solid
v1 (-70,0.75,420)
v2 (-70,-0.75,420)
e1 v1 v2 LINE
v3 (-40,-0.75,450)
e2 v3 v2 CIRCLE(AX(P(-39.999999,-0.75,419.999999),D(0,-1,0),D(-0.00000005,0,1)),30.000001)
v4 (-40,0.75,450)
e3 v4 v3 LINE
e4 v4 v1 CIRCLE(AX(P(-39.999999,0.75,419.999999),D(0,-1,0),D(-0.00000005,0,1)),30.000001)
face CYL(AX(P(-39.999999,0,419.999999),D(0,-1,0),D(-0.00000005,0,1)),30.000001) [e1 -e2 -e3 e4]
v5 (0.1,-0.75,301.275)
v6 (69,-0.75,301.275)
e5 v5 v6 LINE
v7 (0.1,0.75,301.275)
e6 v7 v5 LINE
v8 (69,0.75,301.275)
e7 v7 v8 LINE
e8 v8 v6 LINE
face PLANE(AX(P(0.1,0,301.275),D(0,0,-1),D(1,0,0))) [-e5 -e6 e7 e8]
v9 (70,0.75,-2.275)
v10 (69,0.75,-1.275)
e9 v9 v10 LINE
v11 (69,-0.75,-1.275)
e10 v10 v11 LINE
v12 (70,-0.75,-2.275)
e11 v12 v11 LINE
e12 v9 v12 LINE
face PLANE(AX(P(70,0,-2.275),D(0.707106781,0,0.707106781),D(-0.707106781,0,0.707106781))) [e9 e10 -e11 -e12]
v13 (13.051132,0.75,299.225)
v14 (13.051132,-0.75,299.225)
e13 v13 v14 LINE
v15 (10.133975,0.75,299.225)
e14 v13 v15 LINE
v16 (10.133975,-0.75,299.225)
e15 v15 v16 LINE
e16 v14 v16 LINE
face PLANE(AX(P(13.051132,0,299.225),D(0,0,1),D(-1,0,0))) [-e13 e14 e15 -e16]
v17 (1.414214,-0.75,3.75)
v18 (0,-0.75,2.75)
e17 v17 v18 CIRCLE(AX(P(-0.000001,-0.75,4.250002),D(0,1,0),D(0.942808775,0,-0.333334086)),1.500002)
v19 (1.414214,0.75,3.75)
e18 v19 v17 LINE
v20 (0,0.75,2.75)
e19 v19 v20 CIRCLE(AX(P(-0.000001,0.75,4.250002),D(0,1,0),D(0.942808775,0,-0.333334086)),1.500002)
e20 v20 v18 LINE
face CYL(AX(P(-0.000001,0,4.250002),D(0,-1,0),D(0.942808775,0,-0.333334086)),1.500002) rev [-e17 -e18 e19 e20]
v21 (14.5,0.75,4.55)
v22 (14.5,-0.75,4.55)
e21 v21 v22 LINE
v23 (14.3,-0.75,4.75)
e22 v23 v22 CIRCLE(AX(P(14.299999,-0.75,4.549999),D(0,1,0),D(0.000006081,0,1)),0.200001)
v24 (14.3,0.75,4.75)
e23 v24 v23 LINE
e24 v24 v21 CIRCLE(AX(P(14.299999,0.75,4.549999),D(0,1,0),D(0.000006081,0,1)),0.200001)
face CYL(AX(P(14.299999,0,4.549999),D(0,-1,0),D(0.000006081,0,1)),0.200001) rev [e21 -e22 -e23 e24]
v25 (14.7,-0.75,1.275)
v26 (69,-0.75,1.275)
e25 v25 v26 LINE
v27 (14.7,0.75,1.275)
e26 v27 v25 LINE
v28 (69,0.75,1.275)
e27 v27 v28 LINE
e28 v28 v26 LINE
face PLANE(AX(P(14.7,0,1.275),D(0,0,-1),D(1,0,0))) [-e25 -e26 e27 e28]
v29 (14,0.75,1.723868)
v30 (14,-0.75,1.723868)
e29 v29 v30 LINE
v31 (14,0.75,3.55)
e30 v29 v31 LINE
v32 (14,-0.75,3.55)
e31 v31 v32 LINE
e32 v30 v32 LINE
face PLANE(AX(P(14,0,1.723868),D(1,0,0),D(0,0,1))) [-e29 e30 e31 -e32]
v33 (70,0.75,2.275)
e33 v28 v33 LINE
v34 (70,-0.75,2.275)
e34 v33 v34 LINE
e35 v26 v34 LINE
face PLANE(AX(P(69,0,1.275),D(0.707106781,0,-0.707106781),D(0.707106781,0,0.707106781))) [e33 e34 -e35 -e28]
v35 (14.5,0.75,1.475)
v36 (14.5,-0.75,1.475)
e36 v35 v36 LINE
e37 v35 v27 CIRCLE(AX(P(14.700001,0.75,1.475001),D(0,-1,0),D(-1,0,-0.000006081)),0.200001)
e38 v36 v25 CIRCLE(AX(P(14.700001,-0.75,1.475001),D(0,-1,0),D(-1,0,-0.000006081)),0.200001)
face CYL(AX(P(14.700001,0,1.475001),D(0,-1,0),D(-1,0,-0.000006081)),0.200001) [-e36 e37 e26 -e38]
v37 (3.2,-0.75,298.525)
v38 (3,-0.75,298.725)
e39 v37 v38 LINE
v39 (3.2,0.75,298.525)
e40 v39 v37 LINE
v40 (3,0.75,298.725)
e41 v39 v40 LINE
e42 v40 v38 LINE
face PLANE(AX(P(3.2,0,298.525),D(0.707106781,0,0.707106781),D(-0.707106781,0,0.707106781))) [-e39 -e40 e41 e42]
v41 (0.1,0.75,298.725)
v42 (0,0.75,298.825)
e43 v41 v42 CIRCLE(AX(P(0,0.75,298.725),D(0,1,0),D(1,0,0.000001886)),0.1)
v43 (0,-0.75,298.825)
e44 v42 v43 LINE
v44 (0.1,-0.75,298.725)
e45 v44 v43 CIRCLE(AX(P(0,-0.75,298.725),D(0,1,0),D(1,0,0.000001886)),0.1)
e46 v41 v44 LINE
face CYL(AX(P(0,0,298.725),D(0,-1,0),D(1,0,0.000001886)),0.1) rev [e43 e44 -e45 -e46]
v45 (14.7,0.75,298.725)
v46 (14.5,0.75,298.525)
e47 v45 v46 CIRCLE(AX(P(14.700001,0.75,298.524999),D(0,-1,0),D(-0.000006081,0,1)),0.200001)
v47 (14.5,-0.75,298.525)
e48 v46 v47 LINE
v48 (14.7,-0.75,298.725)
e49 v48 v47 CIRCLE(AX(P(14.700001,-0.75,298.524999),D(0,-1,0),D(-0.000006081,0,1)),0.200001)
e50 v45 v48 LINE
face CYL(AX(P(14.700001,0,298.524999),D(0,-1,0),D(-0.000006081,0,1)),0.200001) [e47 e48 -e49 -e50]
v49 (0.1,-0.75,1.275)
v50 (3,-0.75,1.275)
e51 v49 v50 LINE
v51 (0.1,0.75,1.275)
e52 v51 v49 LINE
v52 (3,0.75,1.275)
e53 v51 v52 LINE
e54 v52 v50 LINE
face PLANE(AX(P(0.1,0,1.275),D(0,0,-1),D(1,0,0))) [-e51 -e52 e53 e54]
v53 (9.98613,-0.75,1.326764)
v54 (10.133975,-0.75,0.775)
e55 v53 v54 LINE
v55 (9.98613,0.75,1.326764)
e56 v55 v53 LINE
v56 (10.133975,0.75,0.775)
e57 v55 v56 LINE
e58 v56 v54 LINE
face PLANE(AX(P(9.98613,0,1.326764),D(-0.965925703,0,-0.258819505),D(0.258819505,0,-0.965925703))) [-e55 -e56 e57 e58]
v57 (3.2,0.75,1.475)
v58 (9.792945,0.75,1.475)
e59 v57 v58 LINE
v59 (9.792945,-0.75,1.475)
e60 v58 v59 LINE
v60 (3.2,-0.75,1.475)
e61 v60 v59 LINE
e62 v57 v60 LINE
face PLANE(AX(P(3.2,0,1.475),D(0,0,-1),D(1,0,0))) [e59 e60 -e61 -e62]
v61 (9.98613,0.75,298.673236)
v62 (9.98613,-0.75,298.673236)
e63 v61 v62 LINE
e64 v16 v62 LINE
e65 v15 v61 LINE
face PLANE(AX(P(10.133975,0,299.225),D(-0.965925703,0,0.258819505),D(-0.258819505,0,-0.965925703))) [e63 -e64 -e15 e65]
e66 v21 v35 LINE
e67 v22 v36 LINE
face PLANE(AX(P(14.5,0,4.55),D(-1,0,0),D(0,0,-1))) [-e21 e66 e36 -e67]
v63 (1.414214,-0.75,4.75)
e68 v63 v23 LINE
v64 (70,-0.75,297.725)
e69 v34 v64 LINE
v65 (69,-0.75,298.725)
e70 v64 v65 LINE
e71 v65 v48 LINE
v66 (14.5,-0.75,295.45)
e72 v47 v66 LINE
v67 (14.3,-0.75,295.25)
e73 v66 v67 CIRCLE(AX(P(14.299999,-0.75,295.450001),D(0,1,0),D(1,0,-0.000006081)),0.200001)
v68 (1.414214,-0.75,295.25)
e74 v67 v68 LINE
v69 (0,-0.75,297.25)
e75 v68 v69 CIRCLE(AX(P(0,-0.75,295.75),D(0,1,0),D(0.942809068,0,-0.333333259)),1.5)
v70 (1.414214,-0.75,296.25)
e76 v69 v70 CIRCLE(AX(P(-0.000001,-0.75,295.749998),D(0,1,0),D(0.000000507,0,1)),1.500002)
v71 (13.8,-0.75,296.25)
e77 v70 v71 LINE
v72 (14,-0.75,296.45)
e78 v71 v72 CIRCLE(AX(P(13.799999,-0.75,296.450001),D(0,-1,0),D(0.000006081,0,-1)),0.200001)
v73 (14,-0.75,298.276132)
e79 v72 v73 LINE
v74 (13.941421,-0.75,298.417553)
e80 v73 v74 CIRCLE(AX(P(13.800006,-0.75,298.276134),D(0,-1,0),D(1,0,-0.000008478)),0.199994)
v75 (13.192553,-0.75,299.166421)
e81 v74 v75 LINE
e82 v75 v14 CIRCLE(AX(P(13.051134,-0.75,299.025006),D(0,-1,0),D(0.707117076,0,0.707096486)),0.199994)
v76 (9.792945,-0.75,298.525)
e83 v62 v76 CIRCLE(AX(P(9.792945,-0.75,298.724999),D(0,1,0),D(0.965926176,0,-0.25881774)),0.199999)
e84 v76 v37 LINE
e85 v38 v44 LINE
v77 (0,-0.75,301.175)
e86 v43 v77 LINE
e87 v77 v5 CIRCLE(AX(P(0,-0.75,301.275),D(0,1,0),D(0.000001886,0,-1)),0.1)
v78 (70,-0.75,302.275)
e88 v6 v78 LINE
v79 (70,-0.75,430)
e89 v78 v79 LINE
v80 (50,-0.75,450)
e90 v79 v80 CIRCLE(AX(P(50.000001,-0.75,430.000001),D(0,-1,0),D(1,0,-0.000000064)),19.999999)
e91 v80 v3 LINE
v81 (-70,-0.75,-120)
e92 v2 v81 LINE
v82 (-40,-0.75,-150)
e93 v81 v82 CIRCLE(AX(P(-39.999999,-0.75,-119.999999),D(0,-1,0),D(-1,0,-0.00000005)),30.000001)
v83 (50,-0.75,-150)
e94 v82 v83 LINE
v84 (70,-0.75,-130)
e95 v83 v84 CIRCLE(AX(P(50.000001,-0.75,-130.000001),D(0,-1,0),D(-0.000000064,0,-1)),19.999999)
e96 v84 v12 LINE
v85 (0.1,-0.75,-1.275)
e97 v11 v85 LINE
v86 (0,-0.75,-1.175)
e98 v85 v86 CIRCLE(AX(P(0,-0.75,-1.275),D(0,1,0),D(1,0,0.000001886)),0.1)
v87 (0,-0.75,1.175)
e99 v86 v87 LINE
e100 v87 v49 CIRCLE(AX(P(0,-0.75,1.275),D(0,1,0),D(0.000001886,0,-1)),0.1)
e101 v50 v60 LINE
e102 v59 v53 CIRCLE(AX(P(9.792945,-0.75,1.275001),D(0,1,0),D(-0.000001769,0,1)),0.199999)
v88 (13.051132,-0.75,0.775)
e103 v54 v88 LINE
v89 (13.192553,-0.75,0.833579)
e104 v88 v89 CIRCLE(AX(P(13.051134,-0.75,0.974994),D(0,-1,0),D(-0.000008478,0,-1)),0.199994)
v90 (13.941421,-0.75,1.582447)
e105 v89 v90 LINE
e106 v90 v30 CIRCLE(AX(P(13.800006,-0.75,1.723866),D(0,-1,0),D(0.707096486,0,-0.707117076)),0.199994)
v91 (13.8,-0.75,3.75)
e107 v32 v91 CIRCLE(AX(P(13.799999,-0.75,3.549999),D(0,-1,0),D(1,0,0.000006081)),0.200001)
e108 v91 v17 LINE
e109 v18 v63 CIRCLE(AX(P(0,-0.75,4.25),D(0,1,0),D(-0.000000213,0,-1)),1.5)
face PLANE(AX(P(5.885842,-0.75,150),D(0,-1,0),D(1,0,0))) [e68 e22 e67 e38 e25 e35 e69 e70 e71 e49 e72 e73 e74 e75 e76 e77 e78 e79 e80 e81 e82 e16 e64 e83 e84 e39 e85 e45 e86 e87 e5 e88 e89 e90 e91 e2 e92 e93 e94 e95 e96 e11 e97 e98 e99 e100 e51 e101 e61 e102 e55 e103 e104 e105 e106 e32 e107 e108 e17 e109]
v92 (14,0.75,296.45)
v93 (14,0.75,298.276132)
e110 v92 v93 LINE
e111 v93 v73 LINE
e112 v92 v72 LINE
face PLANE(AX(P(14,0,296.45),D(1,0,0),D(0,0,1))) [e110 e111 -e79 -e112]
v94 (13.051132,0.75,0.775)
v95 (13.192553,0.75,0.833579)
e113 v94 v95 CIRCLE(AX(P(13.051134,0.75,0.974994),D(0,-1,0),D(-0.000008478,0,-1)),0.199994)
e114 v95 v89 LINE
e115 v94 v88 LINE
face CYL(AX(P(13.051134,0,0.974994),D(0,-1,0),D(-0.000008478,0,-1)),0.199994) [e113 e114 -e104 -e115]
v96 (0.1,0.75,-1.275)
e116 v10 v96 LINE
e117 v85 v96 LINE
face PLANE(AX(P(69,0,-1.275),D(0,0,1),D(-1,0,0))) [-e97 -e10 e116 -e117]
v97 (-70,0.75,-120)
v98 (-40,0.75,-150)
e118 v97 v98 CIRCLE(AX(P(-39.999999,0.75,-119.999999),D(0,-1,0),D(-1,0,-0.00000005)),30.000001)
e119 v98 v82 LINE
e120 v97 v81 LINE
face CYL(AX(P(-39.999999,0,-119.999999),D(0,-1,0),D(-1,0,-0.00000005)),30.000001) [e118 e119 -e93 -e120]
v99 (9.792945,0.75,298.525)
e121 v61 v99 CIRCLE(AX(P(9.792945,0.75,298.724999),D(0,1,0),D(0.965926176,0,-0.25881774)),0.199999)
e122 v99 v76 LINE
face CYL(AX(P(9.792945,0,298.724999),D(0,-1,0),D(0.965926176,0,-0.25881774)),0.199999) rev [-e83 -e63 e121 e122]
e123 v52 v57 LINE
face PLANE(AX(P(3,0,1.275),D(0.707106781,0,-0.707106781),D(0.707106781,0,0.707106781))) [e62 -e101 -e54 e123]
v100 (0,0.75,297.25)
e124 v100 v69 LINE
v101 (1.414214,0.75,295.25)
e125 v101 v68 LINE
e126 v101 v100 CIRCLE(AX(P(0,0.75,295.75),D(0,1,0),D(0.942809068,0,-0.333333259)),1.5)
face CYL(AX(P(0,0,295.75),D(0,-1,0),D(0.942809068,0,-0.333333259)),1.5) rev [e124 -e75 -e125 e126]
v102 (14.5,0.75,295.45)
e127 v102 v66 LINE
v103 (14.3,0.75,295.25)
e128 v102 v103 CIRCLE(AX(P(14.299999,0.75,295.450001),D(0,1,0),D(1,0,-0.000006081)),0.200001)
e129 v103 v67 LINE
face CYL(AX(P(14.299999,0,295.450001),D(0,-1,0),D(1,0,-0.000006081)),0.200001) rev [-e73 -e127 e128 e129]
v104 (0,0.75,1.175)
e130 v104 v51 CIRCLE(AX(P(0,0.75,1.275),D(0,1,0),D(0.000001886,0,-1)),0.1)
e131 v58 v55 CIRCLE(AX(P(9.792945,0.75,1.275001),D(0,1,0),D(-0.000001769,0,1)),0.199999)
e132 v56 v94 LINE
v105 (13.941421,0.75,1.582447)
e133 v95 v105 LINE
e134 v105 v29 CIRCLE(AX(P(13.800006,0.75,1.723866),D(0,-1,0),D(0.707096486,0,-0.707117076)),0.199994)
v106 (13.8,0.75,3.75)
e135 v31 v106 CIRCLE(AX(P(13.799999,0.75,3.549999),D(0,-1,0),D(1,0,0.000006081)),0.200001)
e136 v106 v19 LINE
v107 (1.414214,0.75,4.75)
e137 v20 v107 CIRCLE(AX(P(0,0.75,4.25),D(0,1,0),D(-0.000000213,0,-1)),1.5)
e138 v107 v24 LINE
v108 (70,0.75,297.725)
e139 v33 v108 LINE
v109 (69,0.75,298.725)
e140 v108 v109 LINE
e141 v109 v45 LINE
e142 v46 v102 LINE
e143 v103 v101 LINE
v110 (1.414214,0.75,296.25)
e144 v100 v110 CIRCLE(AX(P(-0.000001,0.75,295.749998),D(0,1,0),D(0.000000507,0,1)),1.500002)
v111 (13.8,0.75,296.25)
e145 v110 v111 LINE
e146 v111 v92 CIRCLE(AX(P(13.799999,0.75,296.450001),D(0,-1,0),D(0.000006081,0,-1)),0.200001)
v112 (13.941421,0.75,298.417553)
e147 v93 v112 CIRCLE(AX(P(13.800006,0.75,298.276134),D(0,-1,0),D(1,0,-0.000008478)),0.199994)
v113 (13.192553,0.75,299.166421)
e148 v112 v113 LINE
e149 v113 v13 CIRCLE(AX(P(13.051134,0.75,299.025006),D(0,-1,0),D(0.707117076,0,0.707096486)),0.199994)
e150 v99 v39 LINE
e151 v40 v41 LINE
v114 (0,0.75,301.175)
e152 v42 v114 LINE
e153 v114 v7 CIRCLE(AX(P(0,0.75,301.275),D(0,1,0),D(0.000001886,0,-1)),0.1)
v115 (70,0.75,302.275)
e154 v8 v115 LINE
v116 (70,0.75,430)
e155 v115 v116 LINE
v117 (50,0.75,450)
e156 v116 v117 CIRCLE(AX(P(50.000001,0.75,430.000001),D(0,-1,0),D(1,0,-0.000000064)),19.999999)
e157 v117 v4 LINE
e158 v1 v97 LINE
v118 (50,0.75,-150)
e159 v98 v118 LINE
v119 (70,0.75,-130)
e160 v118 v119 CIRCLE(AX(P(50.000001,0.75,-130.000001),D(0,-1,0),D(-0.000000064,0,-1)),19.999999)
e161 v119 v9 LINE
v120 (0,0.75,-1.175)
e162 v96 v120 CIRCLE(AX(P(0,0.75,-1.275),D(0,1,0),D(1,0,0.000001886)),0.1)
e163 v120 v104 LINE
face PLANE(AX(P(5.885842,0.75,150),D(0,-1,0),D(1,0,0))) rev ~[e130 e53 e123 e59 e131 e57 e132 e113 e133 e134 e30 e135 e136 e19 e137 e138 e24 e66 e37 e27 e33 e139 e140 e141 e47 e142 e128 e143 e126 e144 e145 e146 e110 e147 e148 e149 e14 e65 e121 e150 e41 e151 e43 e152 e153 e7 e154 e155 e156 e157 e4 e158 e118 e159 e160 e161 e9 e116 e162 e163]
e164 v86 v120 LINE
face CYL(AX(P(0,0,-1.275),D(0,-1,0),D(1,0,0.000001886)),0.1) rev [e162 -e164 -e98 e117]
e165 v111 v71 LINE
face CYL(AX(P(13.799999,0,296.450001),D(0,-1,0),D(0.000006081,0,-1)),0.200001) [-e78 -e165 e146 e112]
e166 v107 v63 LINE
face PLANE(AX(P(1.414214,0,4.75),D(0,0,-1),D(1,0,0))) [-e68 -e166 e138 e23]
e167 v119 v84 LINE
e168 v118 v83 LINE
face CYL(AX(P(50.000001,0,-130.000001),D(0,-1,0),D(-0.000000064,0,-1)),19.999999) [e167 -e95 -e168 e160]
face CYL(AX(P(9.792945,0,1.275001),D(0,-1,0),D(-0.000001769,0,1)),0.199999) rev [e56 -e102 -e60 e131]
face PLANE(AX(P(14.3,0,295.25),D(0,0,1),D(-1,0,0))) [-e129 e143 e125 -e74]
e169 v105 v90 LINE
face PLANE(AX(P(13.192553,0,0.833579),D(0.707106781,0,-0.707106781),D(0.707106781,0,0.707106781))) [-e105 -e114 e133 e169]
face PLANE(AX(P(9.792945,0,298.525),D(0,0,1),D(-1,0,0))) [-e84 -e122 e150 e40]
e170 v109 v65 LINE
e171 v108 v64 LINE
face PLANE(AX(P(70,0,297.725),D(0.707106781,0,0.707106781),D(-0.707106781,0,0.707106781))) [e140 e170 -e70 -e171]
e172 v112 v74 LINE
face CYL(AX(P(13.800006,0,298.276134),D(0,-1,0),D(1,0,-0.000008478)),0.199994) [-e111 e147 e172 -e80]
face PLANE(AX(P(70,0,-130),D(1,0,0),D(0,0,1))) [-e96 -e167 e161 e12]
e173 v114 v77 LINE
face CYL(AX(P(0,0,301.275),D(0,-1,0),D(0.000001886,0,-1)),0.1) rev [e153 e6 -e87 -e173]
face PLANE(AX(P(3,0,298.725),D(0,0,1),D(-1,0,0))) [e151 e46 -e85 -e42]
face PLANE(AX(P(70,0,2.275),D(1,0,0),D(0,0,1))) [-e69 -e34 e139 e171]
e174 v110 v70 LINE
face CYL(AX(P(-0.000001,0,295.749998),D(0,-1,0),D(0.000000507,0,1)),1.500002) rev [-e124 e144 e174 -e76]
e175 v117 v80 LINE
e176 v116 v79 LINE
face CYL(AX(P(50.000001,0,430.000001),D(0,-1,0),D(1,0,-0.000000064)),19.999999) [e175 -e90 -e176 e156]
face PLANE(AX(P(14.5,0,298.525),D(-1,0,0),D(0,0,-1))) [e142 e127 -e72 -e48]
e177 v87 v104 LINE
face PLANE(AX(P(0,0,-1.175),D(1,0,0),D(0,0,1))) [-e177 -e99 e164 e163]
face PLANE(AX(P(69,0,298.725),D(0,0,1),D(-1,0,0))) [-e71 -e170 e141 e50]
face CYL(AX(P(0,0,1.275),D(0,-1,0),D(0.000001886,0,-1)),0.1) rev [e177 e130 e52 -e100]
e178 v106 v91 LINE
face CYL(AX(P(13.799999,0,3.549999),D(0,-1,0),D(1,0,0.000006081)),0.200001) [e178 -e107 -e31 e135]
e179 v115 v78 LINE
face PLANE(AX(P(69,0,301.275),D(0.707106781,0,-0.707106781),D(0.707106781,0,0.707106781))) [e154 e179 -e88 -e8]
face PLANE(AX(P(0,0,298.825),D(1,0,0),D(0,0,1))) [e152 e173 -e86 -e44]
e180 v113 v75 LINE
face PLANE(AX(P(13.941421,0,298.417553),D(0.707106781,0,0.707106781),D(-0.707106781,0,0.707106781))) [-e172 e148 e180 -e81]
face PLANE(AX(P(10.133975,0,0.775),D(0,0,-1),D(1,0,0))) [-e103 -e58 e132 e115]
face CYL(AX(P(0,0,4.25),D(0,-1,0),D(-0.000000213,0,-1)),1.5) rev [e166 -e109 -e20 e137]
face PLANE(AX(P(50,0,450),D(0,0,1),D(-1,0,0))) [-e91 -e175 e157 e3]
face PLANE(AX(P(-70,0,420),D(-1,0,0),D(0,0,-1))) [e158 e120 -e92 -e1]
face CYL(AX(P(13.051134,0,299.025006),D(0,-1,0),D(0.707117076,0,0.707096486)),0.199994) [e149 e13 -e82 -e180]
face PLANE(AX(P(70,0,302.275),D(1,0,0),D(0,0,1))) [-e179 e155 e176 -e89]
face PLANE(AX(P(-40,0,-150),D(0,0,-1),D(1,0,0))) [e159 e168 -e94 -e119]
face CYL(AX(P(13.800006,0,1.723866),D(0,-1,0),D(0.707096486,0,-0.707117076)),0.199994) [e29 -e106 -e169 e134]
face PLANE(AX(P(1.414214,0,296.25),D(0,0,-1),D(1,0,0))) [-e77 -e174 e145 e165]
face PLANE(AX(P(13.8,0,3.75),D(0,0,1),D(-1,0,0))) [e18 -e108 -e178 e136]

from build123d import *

# Parameters (mm, degrees)
F1_DEPTH      = 0.75
F1_DEPTH_BACK = 0.75


with BuildPart() as f1:
    # F0 (on Front) → F1 (new body, two sides)
    with BuildSketch(Plane.XZ) as f1_sk:
        with BuildLine():
            ThreePointArc((0, 1.175), (-0.070711, 1.345711), (0.1, 1.275))
            Line((0.1, 1.275), (3, 1.275))
            Line((3, 1.275), (3.2, 1.475))
            Line((3.2, 1.475), (9.792945, 1.475))
            ThreePointArc((9.792945, 1.475), (9.914697, 1.433671), (9.98613, 1.326764))
            Line((9.98613, 1.326764), (10.133975, 0.775))
            Line((10.133975, 0.775), (13.051132, 0.775))
            ThreePointArc((13.051132, 0.775), (13.127669, 0.790224), (13.192553, 0.833579))
            Line((13.192553, 0.833579), (13.941421, 1.582447))
            ThreePointArc((13.941421, 1.582447), (13.984776, 1.647331), (14, 1.723868))
            Line((14, 1.723868), (14, 3.55))
            ThreePointArc((14, 3.55), (13.941421, 3.691421), (13.8, 3.75))
            Line((13.8, 3.75), (1.414214, 3.75))
            ThreePointArc((1.414214, 3.75), (0.866025, 3.025255), (0, 2.75))
            ThreePointArc((0, 2.75), (-1.224745, 5.116025), (1.414214, 4.75))
            Line((1.414214, 4.75), (14.3, 4.75))
            ThreePointArc((14.3, 4.75), (14.441421, 4.691421), (14.5, 4.55))
            Line((14.5, 4.55), (14.5, 1.475))
            ThreePointArc((14.5, 1.475), (14.558579, 1.333579), (14.7, 1.275))
            Line((14.7, 1.275), (69, 1.275))
            Line((69, 1.275), (70, 2.275))
            Line((70, 2.275), (70, 150))
            Line((70, 150), (70, 297.725))
            Line((70, 297.725), (69, 298.725))
            Line((69, 298.725), (14.7, 298.725))
            ThreePointArc((14.7, 298.725), (14.558579, 298.666421), (14.5, 298.525))
            Line((14.5, 298.525), (14.5, 295.45))
            ThreePointArc((14.5, 295.45), (14.441421, 295.308579), (14.3, 295.25))
            Line((14.3, 295.25), (1.414214, 295.25))
            ThreePointArc((1.414214, 295.25), (-1.224745, 294.883975), (0, 297.25))
            ThreePointArc((0, 297.25), (0.866025, 296.974745), (1.414214, 296.25))
            Line((1.414214, 296.25), (13.8, 296.25))
            ThreePointArc((13.8, 296.25), (13.941421, 296.308579), (14, 296.45))
            Line((14, 296.45), (14, 298.276132))
            ThreePointArc((14, 298.276132), (13.984776, 298.352669), (13.941421, 298.417553))
            Line((13.941421, 298.417553), (13.192553, 299.166421))
            ThreePointArc((13.192553, 299.166421), (13.127669, 299.209776), (13.051132, 299.225))
            Line((13.051132, 299.225), (10.133975, 299.225))
            Line((10.133975, 299.225), (9.98613, 298.673236))
            ThreePointArc((9.98613, 298.673236), (9.914697, 298.566329), (9.792945, 298.525))
            Line((9.792945, 298.525), (3.2, 298.525))
            Line((3.2, 298.525), (3, 298.725))
            Line((3, 298.725), (0.1, 298.725))
            ThreePointArc((0.1, 298.725), (-0.070711, 298.654289), (0, 298.825))
            Line((0, 298.825), (0, 300))
            Line((0, 300), (0, 301.175))
            ThreePointArc((0, 301.175), (-0.070711, 301.345711), (0.1, 301.275))
            Line((0.1, 301.275), (14.7, 301.275))
            Line((14.7, 301.275), (69, 301.275))
            Line((69, 301.275), (70, 302.275))
            Line((70, 302.275), (70, 430))
            ThreePointArc((70, 430), (64.142136, 444.142136), (50, 450))
            Line((50, 450), (-40, 450))
            ThreePointArc((-40, 450), (-61.213203, 441.213203), (-70, 420))
            Line((-70, 420), (-70, -120))
            ThreePointArc((-70, -120), (-61.213203, -141.213203), (-40, -150))
            Line((-40, -150), (50, -150))
            ThreePointArc((50, -150), (64.142136, -144.142136), (70, -130))
            Line((70, -130), (70, -2.275))
            Line((70, -2.275), (69, -1.275))
            Line((69, -1.275), (14.7, -1.275))
            Line((14.7, -1.275), (0.1, -1.275))
            ThreePointArc((0.1, -1.275), (-0.070711, -1.345711), (0, -1.175))
            Line((0, -1.175), (0, 0))
            Line((0, 0), (0, 1.175))
        make_face()
    extrude(amount=F1_DEPTH)
    extrude(f1_sk.sketch, amount=-F1_DEPTH_BACK)


solid = f1.part
